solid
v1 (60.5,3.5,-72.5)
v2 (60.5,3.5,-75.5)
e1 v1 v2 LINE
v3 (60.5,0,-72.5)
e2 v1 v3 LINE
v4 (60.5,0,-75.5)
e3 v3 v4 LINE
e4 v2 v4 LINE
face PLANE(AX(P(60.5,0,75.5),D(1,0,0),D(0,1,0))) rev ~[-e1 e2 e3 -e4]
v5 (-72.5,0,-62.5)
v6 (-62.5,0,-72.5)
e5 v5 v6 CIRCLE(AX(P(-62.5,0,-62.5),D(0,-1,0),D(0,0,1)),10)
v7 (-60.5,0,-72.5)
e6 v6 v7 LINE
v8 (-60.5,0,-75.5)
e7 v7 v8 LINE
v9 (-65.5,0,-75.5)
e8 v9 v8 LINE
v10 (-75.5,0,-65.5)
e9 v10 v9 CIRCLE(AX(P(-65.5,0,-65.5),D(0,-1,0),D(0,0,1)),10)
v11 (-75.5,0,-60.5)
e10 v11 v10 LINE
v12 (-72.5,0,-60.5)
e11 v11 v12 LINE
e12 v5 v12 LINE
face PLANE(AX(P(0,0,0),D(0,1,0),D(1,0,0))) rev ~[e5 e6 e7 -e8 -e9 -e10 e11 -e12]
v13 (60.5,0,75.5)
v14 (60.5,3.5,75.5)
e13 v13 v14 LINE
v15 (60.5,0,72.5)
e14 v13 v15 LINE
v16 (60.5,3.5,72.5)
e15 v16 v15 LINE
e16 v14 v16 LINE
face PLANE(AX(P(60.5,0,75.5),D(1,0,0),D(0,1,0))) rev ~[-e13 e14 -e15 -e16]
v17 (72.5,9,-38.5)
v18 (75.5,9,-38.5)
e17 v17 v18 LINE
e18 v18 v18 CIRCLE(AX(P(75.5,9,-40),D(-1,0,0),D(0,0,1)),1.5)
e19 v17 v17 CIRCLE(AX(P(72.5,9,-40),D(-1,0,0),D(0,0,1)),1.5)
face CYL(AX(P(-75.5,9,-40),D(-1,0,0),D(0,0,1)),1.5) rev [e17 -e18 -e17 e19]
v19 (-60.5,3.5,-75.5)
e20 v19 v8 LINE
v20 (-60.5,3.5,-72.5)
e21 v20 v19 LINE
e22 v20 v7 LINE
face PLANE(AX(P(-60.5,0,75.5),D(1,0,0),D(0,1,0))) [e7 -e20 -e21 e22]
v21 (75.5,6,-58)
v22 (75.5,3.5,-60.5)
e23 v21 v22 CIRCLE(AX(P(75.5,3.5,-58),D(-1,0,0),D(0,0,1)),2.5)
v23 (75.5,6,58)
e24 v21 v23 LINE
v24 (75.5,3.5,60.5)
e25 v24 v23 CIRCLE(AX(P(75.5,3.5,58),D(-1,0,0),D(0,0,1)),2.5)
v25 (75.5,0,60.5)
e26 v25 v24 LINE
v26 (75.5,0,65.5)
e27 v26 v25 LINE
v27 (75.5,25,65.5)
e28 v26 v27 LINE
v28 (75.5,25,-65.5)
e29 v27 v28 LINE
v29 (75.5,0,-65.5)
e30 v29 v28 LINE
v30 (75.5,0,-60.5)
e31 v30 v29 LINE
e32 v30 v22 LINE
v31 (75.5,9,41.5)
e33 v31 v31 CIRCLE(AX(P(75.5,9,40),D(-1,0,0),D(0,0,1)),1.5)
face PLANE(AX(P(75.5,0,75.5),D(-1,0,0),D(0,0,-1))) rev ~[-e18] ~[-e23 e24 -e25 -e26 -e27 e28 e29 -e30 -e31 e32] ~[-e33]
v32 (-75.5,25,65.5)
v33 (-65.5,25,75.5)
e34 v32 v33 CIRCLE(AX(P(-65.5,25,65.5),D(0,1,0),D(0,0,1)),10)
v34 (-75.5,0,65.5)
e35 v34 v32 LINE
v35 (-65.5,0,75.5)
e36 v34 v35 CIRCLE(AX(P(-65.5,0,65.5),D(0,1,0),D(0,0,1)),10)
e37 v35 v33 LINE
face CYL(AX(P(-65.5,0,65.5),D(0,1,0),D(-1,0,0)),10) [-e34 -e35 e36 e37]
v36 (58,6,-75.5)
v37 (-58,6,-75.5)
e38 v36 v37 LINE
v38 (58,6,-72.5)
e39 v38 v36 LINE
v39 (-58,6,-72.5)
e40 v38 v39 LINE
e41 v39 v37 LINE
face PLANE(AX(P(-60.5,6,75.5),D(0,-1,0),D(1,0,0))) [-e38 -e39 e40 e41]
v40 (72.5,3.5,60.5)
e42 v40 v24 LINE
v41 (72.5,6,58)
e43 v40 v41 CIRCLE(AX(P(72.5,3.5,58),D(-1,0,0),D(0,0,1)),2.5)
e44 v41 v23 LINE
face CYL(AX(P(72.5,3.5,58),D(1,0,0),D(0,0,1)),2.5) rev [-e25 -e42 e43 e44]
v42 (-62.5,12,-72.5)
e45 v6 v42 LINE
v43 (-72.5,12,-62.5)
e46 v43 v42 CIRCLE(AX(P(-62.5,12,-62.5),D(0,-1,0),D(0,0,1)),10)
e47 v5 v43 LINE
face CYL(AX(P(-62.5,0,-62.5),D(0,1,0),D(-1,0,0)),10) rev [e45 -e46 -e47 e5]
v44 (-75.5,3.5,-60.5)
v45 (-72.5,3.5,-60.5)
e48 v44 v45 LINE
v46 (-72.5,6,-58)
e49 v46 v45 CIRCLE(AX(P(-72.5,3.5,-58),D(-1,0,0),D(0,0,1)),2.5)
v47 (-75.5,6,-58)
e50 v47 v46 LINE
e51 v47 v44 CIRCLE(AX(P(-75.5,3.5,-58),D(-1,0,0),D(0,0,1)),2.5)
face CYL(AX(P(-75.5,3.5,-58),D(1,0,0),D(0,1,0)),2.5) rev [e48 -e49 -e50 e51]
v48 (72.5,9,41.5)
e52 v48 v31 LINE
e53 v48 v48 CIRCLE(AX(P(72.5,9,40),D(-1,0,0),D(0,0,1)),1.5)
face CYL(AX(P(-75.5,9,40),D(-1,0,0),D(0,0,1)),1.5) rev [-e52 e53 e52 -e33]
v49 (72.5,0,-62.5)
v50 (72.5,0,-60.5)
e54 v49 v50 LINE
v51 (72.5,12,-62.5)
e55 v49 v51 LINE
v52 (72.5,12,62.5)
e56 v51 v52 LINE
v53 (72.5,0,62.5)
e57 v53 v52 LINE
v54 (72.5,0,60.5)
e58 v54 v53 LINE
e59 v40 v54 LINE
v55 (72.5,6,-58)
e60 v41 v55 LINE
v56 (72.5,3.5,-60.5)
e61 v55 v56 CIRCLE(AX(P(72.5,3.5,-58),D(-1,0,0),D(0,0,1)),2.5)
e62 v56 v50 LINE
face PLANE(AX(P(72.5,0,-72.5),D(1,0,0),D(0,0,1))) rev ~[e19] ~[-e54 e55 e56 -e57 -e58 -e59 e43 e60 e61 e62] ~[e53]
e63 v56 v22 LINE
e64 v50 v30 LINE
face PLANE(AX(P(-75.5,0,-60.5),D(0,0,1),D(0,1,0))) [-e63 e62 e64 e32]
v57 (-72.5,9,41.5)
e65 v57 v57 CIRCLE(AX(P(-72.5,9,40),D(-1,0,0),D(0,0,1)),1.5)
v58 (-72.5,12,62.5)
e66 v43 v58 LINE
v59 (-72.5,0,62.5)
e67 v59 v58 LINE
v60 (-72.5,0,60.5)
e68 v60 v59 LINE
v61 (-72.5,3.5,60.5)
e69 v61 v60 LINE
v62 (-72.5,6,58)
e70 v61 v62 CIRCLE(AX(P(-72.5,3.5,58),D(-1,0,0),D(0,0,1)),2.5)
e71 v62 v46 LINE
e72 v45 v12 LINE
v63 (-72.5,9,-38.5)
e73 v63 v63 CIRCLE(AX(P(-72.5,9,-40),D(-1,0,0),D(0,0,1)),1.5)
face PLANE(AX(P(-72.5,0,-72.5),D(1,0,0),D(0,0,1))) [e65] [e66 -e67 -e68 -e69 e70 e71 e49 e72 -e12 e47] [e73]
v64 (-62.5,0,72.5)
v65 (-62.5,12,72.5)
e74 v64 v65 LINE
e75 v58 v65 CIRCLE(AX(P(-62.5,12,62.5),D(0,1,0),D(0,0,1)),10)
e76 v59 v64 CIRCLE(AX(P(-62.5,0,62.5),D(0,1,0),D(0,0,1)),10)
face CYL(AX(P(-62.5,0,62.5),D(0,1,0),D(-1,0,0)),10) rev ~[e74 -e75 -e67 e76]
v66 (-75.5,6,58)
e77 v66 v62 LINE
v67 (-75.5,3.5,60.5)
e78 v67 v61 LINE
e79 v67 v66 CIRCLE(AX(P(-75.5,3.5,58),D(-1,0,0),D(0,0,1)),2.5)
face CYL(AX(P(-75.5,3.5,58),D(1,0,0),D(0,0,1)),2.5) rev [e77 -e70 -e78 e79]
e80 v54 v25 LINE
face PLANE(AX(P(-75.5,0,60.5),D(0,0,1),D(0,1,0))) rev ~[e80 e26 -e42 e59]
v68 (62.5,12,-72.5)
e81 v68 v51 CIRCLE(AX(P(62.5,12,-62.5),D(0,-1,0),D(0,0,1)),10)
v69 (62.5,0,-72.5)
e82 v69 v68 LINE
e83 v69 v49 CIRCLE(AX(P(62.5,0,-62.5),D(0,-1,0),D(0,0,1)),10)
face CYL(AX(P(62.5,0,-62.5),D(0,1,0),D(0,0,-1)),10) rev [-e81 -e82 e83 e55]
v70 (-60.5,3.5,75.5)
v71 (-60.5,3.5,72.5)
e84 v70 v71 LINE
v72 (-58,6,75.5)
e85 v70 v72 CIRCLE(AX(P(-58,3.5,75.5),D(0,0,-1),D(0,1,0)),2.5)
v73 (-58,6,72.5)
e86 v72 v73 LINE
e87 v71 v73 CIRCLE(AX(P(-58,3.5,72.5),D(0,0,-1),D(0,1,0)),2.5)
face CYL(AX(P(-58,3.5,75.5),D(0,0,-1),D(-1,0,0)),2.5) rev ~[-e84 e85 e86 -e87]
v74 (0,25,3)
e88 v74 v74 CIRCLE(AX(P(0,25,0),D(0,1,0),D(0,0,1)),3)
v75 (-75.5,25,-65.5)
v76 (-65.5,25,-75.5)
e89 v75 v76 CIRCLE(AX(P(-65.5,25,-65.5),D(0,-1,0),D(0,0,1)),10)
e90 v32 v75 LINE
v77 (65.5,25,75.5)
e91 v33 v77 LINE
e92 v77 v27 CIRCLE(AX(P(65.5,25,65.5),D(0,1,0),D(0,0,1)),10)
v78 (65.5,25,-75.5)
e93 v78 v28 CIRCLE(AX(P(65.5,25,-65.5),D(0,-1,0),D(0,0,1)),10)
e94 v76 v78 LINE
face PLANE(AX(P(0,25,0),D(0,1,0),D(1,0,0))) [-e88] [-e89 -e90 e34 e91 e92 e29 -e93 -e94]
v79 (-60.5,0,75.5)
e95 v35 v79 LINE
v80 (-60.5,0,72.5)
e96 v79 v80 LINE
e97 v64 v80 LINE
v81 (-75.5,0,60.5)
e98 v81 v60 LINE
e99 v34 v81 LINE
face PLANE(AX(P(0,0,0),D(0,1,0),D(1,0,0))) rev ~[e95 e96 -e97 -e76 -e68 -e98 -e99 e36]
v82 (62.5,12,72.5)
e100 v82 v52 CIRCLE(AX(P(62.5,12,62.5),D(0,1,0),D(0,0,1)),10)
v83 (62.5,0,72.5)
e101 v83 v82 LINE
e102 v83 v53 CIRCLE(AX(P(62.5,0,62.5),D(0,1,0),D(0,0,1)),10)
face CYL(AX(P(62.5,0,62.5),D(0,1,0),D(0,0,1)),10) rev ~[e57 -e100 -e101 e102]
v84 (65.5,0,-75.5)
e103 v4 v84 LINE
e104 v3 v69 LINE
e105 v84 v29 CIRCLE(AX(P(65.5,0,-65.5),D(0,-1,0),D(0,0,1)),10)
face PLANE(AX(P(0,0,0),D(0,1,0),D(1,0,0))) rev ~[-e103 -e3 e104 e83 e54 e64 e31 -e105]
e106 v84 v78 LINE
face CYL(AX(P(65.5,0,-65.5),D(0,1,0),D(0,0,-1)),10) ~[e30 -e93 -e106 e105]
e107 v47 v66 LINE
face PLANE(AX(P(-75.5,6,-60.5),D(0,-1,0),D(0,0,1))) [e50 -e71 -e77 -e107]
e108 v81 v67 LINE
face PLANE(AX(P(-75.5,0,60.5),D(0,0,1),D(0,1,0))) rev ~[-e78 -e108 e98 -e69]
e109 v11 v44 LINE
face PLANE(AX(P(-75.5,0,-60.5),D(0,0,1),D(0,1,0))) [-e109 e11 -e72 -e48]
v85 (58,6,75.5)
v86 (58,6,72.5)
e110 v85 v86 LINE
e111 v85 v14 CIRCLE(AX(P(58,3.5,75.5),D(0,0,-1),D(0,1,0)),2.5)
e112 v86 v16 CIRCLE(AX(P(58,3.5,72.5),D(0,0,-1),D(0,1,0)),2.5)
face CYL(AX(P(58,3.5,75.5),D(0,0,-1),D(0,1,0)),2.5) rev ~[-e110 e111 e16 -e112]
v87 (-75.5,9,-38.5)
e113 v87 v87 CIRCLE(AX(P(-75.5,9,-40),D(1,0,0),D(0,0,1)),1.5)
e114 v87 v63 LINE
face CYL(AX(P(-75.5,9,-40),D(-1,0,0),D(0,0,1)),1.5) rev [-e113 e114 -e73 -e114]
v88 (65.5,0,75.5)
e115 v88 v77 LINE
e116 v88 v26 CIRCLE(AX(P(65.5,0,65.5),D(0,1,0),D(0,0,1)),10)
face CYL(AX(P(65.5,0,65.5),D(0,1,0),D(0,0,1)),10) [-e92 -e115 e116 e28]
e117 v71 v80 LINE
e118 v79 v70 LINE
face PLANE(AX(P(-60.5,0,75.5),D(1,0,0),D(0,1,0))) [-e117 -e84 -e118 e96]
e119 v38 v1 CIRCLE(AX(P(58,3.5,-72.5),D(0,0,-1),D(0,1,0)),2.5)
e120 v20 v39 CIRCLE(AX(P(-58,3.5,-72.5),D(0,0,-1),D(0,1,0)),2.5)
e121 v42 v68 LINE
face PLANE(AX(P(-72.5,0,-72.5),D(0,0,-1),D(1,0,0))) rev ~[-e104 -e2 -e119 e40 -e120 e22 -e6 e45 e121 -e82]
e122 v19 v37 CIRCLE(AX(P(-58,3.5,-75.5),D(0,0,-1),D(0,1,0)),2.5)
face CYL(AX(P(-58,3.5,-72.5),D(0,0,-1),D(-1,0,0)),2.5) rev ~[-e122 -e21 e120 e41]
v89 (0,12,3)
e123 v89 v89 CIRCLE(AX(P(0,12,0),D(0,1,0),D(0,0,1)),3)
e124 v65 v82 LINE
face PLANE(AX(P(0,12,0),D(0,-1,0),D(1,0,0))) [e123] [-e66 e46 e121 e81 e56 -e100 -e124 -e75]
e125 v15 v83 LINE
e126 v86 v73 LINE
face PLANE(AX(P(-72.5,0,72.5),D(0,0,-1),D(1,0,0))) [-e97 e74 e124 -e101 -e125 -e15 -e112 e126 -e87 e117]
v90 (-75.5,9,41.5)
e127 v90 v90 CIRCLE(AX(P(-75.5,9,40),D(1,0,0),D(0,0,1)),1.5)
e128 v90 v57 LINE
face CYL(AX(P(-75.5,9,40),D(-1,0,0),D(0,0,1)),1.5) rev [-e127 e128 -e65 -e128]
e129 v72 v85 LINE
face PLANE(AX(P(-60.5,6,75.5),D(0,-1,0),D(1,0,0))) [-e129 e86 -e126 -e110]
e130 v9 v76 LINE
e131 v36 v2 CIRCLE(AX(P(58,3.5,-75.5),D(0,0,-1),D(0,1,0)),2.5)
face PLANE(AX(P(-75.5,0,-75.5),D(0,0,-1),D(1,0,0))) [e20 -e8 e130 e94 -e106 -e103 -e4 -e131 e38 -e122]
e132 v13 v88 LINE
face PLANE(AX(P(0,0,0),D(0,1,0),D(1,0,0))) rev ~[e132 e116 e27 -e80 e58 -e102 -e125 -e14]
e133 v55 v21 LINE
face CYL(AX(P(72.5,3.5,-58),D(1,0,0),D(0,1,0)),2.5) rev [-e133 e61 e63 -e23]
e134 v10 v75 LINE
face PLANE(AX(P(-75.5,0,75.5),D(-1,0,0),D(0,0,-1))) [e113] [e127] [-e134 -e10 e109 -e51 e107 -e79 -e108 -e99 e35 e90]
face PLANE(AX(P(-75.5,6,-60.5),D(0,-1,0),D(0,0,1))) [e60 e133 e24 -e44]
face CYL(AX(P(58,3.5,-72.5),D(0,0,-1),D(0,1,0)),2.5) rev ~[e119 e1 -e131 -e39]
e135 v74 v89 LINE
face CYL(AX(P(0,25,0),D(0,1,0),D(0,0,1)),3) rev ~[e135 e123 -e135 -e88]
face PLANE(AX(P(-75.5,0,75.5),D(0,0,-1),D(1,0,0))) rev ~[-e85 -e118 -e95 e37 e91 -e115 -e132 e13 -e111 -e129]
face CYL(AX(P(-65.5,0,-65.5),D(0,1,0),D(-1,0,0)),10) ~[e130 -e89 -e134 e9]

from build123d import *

# Parameters (mm, degrees)
SKETCH1_W           = 151
SKETCH1_H           = 151
BOSS_EXTRUDE1_DEPTH = 25
SKETCH2_W           = 145
SKETCH2_H           = 145
CUT_EXTRUDE1_DEPTH  = 12
SKETCH3_W           = 121
SKETCH3_H           = 6
CUT_EXTRUDE2_DEPTH  = 171.664143862
SKETCH4_W           = 121
SKETCH4_H           = 6
CUT_EXTRUDE3_DEPTH  = 171.664143862
FILLET1_R           = 10
SKETCH5_R           = 3
CUT_EXTRUDE4_DEPTH  = 110.660840777
FILLET4_R           = 2.5
SKETCH6_R           = 1.5
CUT_EXTRUDE5_DEPTH  = 171.664143862


with BuildPart() as part:
    # Sketch1 → Boss-Extrude1 (new body)
    with BuildSketch(Plane(origin=(0, 0, 0), x_dir=(1, 0, 0), z_dir=(0, 1, 0))):
        Rectangle(SKETCH1_W, SKETCH1_H)
    extrude(amount=BOSS_EXTRUDE1_DEPTH)

    # Sketch2 → Cut-Extrude1 (cut)
    with BuildSketch(Plane.XZ):
        Rectangle(SKETCH2_W, SKETCH2_H)
    extrude(amount=-CUT_EXTRUDE1_DEPTH, mode=Mode.SUBTRACT)

    # Sketch3 → Cut-Extrude2 (cut, through all)
    with BuildSketch(Plane.XY.offset(75.5)):
        with Locations((0, 3)):
            Rectangle(SKETCH3_W, SKETCH3_H)
    extrude(amount=-CUT_EXTRUDE2_DEPTH, mode=Mode.SUBTRACT)

    # Sketch4 → Cut-Extrude3 (cut, through all)
    with BuildSketch(Plane.ZY.offset(75.5)):
        with Locations((0, 3)):
            Rectangle(SKETCH4_W, SKETCH4_H)
    extrude(amount=-CUT_EXTRUDE3_DEPTH, mode=Mode.SUBTRACT)

    # Fillet1
    fillet1_edges = [part.edges().sort_by_distance(p)[0] for p in [
        (72.5, 6, 72.5),
        (72.5, 6, -72.5),
        (-72.5, 6, -72.5),
        (-72.5, 6, 72.5),
        (75.5, 12.5, 75.5),
        (-75.5, 12.5, 75.5),
        (-75.5, 12.5, -75.5),
        (75.5, 12.5, -75.5),
    ]]
    fillet(fillet1_edges, radius=FILLET1_R)

    # Sketch5 → Cut-Extrude4 (cut, through all)
    with BuildSketch(Plane(origin=(0, 25, 0), x_dir=(1, 0, 0), z_dir=(0, 1, 0))):
        with Locations(Location((0, 0, 0), (0, 0, 270))):
            Circle(SKETCH5_R)
    extrude(amount=-CUT_EXTRUDE4_DEPTH, mode=Mode.SUBTRACT)

    # Fillet4
    fillet4_edges = [part.edges().sort_by_distance(p)[0] for p in [
        (-60.5, 6, -74),
        (-60.5, 6, 74),
        (60.5, 6, -74),
        (60.5, 6, 74),
        (74, 6, -60.5),
        (-74, 6, -60.5),
        (74, 6, 60.5),
        (-74, 6, 60.5),
    ]]
    fillet(fillet4_edges, radius=FILLET4_R)

    # Sketch6 → Cut-Extrude5 (cut, through all)
    with BuildSketch(Plane(origin=(-75.5, 0, 0), x_dir=(0, 0, -1), z_dir=(1, 0, 0))):
        with Locations(Location((-40, 9, 0), (0, 0, 180))):
            Circle(SKETCH6_R)
        with Locations(Location((40, 9, 0), (0, 0, 180))):
            Circle(SKETCH6_R)
    extrude(amount=CUT_EXTRUDE5_DEPTH, mode=Mode.SUBTRACT)


solid = part.part
